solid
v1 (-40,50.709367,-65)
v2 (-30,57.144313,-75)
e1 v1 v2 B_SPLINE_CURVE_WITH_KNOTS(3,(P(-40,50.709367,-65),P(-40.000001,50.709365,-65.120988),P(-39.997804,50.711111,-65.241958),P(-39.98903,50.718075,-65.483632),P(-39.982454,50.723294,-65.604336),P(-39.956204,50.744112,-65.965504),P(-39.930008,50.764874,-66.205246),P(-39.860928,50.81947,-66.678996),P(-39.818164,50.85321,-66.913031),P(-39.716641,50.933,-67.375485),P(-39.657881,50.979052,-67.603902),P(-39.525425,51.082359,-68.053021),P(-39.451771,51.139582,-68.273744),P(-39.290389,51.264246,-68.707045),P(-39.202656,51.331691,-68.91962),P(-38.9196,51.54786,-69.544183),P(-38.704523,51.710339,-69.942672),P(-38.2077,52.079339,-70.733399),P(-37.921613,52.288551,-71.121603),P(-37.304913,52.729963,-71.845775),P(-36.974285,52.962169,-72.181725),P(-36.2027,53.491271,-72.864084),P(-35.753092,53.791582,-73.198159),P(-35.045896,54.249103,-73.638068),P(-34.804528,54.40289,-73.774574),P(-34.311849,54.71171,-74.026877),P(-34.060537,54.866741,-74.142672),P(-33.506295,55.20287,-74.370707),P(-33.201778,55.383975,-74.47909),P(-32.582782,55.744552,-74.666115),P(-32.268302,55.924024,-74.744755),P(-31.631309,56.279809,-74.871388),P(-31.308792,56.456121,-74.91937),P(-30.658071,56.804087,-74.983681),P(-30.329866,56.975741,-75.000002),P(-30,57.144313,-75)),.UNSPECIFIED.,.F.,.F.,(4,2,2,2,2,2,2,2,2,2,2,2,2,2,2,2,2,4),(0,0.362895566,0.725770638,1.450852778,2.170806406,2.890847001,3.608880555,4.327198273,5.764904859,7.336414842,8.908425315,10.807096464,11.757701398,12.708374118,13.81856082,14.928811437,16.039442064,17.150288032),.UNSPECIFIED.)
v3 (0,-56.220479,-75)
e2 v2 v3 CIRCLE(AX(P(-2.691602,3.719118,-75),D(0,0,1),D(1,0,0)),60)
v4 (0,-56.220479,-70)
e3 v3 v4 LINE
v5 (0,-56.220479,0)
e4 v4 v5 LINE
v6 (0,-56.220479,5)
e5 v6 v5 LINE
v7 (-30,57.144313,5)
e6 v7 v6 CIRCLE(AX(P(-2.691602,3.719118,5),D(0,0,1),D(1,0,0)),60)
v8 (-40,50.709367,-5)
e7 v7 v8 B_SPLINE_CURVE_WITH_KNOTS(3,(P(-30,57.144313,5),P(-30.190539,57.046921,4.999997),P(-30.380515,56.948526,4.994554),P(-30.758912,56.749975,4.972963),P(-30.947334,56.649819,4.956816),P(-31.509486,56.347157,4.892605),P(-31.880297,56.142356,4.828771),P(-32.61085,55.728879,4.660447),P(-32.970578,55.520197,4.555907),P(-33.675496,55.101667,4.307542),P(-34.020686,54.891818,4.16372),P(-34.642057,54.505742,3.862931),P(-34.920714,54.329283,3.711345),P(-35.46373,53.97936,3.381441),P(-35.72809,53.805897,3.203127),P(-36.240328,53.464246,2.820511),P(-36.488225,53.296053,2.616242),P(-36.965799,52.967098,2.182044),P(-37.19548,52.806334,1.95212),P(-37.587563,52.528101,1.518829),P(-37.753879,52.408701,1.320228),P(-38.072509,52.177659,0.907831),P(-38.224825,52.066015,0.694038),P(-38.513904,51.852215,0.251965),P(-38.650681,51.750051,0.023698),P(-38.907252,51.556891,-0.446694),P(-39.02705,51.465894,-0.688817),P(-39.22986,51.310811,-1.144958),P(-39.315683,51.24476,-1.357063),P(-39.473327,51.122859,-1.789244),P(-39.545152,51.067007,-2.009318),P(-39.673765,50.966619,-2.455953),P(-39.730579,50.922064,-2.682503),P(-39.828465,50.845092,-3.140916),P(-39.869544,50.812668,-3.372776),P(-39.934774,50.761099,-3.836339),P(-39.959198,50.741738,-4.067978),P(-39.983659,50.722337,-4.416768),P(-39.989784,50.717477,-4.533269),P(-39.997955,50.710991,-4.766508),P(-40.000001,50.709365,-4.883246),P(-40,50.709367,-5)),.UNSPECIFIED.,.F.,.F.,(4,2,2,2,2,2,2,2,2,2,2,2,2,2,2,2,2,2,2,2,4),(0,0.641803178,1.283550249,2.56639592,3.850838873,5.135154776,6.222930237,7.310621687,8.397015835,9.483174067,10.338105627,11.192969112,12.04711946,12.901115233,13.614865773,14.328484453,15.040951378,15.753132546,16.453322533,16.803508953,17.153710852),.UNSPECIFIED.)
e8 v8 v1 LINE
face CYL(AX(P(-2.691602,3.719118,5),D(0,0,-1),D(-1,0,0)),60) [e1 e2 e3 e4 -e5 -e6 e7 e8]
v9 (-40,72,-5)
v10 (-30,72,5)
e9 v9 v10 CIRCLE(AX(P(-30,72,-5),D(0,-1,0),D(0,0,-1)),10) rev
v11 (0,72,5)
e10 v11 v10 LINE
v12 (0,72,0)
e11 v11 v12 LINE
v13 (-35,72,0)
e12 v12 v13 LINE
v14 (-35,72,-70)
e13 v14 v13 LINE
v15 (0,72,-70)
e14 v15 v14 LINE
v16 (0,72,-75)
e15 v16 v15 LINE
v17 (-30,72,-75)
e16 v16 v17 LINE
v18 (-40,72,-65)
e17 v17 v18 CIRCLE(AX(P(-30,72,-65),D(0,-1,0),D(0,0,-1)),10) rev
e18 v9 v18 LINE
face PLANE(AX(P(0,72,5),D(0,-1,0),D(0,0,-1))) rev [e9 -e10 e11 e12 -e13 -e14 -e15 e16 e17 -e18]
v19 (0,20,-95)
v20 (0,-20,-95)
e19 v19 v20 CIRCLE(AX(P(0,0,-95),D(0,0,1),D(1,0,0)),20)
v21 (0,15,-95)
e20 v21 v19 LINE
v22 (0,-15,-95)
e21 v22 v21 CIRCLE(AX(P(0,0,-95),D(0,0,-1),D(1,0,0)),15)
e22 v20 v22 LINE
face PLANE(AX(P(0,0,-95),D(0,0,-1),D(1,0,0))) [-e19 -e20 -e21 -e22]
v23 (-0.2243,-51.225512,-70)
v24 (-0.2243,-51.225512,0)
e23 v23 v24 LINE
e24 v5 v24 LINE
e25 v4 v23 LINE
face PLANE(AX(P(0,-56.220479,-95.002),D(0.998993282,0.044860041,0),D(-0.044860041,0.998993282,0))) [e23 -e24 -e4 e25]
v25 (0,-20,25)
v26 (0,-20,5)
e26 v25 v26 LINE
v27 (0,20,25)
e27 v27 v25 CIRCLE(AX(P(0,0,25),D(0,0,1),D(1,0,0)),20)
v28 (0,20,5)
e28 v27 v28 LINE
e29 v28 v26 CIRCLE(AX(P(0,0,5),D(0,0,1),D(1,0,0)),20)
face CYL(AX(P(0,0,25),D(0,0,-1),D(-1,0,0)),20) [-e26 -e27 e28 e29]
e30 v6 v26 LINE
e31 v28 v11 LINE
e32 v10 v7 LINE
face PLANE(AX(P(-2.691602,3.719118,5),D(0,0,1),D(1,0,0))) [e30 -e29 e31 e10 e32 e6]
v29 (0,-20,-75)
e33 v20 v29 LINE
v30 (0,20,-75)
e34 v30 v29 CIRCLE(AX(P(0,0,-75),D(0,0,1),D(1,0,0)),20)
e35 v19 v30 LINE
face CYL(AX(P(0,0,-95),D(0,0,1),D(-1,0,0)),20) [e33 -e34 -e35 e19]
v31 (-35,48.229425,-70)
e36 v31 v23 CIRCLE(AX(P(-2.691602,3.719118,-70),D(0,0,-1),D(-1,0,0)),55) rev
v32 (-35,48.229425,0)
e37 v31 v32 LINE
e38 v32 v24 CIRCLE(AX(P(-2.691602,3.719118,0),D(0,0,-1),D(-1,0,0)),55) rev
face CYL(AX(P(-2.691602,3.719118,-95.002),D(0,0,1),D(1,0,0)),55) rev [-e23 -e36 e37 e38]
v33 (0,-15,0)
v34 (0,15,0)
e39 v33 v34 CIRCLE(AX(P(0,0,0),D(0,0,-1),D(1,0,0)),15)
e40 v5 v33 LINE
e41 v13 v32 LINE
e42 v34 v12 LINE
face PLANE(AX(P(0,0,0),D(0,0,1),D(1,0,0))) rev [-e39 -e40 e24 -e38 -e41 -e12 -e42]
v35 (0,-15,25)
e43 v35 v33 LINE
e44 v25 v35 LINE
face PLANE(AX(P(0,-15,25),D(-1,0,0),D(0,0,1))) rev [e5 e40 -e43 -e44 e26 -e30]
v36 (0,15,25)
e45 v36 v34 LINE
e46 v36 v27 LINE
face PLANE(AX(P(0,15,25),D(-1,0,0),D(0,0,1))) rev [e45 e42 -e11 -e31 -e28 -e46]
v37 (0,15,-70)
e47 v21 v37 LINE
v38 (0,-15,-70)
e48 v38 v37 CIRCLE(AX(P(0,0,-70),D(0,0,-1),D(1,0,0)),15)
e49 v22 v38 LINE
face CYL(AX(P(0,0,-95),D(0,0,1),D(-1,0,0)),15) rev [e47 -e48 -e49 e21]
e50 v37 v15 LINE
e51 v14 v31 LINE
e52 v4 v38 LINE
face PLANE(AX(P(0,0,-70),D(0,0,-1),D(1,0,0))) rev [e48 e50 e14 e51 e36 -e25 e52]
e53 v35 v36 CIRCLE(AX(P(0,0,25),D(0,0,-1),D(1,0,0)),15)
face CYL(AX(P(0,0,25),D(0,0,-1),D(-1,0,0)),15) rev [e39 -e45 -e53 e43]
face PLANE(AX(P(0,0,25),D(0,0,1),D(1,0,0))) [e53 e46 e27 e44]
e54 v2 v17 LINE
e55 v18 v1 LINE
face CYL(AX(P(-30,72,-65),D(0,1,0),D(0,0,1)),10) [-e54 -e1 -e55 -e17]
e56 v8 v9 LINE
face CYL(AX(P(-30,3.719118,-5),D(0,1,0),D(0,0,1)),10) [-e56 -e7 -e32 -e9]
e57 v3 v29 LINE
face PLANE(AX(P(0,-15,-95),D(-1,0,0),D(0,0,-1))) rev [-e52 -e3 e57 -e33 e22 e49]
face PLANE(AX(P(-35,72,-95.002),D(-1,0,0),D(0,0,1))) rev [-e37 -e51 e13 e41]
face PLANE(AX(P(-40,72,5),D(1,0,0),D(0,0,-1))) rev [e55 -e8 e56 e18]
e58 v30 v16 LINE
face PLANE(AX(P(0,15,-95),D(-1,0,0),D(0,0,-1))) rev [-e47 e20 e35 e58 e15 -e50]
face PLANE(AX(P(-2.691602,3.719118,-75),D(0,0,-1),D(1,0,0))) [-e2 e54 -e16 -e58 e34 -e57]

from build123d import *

# Parameters (mm, degrees)
DODANIE_WYCI_GNI_CIE1_DEPTH       = 25
DODANIE_WYCI_GNI_CIE2_DEPTH       = 5
WYCI_GNI_CIE_CIENKA_CIANKA1_DEPTH = 70
ZAOKR_GLENIE1_R                   = 10


with BuildPart() as part:
    # Szkic1 → Dodanie-wyciągnięcie1 (new body)
    with BuildSketch(Plane.XY):
        with BuildLine():
            Line((0, 15), (0, 20))
            ThreePointArc((0, 20), (-20, 0), (0, -20))
            Line((0, -20), (0, -15))
            ThreePointArc((0, -15), (-15, 0), (0, 15))
        make_face()
    extrude(amount=DODANIE_WYCI_GNI_CIE1_DEPTH)

    # Szkic2 → Dodanie-wyciągnięcie2 (add)
    with BuildSketch(Plane.XY):
        with BuildLine():
            Line((0, 20), (0, 72))
            Line((0, 72), (-40, 72))
            Line((-40, 72), (-40, 50.70936694))
            ThreePointArc((-40, 50.70936694), (-58.888387013, -17.302808514), (0, -56.220478651))
            Line((0, -56.220478651), (0, -20))
            Line((0, -20), (0, -15))
            ThreePointArc((0, -15), (-15, 0), (0, 15))
            Line((0, 15), (0, 20))
        make_face()
    extrude(amount=DODANIE_WYCI_GNI_CIE2_DEPTH)


with BuildPart() as body_2:
    # Lustro4: mirrored copy
    add(part.part.mirror(Plane(origin=(0, 0, -35), x_dir=(1, 0, 0), z_dir=(0, 0, -1))))


with BuildPart() as part_1:
    add(part.part)

    add(body_2.part)  # Wyciągnięcie-cienka ścianka1 merges body 2
    # Szkic14 → Wyciągnięcie-cienka ścianka1 (add)
    with BuildSketch(Plane(origin=(0, 0, 0), x_dir=(-1, 0, 0), z_dir=(0, 0, -1))):
        with BuildLine():
            Line((40, 72), (40, 50.70936694))
            ThreePointArc((40, 50.70936694), (58.888387013, -17.302808514), (0, -56.220478651))
            Line((0, -56.220478651), (0.224300204, -51.225512243))
            ThreePointArc((0.224300204, -51.225512243), (54.609267077, -14.434561812), (35, 48.229425454))
            Line((35, 48.229425454), (35, 72))
            Line((35, 72), (40, 72))
        make_face()
    extrude(amount=WYCI_GNI_CIE_CIENKA_CIANKA1_DEPTH)

    # Zaokrąglenie1
    zaokr_glenie1_edges = [part_1.edges().sort_by_distance(p)[0] for p in [
        (-40, 61.35468347, 5),
        (-40, 61.35468347, -75),
    ]]
    fillet(zaokr_glenie1_edges, radius=ZAOKR_GLENIE1_R)


solid = part_1.part
